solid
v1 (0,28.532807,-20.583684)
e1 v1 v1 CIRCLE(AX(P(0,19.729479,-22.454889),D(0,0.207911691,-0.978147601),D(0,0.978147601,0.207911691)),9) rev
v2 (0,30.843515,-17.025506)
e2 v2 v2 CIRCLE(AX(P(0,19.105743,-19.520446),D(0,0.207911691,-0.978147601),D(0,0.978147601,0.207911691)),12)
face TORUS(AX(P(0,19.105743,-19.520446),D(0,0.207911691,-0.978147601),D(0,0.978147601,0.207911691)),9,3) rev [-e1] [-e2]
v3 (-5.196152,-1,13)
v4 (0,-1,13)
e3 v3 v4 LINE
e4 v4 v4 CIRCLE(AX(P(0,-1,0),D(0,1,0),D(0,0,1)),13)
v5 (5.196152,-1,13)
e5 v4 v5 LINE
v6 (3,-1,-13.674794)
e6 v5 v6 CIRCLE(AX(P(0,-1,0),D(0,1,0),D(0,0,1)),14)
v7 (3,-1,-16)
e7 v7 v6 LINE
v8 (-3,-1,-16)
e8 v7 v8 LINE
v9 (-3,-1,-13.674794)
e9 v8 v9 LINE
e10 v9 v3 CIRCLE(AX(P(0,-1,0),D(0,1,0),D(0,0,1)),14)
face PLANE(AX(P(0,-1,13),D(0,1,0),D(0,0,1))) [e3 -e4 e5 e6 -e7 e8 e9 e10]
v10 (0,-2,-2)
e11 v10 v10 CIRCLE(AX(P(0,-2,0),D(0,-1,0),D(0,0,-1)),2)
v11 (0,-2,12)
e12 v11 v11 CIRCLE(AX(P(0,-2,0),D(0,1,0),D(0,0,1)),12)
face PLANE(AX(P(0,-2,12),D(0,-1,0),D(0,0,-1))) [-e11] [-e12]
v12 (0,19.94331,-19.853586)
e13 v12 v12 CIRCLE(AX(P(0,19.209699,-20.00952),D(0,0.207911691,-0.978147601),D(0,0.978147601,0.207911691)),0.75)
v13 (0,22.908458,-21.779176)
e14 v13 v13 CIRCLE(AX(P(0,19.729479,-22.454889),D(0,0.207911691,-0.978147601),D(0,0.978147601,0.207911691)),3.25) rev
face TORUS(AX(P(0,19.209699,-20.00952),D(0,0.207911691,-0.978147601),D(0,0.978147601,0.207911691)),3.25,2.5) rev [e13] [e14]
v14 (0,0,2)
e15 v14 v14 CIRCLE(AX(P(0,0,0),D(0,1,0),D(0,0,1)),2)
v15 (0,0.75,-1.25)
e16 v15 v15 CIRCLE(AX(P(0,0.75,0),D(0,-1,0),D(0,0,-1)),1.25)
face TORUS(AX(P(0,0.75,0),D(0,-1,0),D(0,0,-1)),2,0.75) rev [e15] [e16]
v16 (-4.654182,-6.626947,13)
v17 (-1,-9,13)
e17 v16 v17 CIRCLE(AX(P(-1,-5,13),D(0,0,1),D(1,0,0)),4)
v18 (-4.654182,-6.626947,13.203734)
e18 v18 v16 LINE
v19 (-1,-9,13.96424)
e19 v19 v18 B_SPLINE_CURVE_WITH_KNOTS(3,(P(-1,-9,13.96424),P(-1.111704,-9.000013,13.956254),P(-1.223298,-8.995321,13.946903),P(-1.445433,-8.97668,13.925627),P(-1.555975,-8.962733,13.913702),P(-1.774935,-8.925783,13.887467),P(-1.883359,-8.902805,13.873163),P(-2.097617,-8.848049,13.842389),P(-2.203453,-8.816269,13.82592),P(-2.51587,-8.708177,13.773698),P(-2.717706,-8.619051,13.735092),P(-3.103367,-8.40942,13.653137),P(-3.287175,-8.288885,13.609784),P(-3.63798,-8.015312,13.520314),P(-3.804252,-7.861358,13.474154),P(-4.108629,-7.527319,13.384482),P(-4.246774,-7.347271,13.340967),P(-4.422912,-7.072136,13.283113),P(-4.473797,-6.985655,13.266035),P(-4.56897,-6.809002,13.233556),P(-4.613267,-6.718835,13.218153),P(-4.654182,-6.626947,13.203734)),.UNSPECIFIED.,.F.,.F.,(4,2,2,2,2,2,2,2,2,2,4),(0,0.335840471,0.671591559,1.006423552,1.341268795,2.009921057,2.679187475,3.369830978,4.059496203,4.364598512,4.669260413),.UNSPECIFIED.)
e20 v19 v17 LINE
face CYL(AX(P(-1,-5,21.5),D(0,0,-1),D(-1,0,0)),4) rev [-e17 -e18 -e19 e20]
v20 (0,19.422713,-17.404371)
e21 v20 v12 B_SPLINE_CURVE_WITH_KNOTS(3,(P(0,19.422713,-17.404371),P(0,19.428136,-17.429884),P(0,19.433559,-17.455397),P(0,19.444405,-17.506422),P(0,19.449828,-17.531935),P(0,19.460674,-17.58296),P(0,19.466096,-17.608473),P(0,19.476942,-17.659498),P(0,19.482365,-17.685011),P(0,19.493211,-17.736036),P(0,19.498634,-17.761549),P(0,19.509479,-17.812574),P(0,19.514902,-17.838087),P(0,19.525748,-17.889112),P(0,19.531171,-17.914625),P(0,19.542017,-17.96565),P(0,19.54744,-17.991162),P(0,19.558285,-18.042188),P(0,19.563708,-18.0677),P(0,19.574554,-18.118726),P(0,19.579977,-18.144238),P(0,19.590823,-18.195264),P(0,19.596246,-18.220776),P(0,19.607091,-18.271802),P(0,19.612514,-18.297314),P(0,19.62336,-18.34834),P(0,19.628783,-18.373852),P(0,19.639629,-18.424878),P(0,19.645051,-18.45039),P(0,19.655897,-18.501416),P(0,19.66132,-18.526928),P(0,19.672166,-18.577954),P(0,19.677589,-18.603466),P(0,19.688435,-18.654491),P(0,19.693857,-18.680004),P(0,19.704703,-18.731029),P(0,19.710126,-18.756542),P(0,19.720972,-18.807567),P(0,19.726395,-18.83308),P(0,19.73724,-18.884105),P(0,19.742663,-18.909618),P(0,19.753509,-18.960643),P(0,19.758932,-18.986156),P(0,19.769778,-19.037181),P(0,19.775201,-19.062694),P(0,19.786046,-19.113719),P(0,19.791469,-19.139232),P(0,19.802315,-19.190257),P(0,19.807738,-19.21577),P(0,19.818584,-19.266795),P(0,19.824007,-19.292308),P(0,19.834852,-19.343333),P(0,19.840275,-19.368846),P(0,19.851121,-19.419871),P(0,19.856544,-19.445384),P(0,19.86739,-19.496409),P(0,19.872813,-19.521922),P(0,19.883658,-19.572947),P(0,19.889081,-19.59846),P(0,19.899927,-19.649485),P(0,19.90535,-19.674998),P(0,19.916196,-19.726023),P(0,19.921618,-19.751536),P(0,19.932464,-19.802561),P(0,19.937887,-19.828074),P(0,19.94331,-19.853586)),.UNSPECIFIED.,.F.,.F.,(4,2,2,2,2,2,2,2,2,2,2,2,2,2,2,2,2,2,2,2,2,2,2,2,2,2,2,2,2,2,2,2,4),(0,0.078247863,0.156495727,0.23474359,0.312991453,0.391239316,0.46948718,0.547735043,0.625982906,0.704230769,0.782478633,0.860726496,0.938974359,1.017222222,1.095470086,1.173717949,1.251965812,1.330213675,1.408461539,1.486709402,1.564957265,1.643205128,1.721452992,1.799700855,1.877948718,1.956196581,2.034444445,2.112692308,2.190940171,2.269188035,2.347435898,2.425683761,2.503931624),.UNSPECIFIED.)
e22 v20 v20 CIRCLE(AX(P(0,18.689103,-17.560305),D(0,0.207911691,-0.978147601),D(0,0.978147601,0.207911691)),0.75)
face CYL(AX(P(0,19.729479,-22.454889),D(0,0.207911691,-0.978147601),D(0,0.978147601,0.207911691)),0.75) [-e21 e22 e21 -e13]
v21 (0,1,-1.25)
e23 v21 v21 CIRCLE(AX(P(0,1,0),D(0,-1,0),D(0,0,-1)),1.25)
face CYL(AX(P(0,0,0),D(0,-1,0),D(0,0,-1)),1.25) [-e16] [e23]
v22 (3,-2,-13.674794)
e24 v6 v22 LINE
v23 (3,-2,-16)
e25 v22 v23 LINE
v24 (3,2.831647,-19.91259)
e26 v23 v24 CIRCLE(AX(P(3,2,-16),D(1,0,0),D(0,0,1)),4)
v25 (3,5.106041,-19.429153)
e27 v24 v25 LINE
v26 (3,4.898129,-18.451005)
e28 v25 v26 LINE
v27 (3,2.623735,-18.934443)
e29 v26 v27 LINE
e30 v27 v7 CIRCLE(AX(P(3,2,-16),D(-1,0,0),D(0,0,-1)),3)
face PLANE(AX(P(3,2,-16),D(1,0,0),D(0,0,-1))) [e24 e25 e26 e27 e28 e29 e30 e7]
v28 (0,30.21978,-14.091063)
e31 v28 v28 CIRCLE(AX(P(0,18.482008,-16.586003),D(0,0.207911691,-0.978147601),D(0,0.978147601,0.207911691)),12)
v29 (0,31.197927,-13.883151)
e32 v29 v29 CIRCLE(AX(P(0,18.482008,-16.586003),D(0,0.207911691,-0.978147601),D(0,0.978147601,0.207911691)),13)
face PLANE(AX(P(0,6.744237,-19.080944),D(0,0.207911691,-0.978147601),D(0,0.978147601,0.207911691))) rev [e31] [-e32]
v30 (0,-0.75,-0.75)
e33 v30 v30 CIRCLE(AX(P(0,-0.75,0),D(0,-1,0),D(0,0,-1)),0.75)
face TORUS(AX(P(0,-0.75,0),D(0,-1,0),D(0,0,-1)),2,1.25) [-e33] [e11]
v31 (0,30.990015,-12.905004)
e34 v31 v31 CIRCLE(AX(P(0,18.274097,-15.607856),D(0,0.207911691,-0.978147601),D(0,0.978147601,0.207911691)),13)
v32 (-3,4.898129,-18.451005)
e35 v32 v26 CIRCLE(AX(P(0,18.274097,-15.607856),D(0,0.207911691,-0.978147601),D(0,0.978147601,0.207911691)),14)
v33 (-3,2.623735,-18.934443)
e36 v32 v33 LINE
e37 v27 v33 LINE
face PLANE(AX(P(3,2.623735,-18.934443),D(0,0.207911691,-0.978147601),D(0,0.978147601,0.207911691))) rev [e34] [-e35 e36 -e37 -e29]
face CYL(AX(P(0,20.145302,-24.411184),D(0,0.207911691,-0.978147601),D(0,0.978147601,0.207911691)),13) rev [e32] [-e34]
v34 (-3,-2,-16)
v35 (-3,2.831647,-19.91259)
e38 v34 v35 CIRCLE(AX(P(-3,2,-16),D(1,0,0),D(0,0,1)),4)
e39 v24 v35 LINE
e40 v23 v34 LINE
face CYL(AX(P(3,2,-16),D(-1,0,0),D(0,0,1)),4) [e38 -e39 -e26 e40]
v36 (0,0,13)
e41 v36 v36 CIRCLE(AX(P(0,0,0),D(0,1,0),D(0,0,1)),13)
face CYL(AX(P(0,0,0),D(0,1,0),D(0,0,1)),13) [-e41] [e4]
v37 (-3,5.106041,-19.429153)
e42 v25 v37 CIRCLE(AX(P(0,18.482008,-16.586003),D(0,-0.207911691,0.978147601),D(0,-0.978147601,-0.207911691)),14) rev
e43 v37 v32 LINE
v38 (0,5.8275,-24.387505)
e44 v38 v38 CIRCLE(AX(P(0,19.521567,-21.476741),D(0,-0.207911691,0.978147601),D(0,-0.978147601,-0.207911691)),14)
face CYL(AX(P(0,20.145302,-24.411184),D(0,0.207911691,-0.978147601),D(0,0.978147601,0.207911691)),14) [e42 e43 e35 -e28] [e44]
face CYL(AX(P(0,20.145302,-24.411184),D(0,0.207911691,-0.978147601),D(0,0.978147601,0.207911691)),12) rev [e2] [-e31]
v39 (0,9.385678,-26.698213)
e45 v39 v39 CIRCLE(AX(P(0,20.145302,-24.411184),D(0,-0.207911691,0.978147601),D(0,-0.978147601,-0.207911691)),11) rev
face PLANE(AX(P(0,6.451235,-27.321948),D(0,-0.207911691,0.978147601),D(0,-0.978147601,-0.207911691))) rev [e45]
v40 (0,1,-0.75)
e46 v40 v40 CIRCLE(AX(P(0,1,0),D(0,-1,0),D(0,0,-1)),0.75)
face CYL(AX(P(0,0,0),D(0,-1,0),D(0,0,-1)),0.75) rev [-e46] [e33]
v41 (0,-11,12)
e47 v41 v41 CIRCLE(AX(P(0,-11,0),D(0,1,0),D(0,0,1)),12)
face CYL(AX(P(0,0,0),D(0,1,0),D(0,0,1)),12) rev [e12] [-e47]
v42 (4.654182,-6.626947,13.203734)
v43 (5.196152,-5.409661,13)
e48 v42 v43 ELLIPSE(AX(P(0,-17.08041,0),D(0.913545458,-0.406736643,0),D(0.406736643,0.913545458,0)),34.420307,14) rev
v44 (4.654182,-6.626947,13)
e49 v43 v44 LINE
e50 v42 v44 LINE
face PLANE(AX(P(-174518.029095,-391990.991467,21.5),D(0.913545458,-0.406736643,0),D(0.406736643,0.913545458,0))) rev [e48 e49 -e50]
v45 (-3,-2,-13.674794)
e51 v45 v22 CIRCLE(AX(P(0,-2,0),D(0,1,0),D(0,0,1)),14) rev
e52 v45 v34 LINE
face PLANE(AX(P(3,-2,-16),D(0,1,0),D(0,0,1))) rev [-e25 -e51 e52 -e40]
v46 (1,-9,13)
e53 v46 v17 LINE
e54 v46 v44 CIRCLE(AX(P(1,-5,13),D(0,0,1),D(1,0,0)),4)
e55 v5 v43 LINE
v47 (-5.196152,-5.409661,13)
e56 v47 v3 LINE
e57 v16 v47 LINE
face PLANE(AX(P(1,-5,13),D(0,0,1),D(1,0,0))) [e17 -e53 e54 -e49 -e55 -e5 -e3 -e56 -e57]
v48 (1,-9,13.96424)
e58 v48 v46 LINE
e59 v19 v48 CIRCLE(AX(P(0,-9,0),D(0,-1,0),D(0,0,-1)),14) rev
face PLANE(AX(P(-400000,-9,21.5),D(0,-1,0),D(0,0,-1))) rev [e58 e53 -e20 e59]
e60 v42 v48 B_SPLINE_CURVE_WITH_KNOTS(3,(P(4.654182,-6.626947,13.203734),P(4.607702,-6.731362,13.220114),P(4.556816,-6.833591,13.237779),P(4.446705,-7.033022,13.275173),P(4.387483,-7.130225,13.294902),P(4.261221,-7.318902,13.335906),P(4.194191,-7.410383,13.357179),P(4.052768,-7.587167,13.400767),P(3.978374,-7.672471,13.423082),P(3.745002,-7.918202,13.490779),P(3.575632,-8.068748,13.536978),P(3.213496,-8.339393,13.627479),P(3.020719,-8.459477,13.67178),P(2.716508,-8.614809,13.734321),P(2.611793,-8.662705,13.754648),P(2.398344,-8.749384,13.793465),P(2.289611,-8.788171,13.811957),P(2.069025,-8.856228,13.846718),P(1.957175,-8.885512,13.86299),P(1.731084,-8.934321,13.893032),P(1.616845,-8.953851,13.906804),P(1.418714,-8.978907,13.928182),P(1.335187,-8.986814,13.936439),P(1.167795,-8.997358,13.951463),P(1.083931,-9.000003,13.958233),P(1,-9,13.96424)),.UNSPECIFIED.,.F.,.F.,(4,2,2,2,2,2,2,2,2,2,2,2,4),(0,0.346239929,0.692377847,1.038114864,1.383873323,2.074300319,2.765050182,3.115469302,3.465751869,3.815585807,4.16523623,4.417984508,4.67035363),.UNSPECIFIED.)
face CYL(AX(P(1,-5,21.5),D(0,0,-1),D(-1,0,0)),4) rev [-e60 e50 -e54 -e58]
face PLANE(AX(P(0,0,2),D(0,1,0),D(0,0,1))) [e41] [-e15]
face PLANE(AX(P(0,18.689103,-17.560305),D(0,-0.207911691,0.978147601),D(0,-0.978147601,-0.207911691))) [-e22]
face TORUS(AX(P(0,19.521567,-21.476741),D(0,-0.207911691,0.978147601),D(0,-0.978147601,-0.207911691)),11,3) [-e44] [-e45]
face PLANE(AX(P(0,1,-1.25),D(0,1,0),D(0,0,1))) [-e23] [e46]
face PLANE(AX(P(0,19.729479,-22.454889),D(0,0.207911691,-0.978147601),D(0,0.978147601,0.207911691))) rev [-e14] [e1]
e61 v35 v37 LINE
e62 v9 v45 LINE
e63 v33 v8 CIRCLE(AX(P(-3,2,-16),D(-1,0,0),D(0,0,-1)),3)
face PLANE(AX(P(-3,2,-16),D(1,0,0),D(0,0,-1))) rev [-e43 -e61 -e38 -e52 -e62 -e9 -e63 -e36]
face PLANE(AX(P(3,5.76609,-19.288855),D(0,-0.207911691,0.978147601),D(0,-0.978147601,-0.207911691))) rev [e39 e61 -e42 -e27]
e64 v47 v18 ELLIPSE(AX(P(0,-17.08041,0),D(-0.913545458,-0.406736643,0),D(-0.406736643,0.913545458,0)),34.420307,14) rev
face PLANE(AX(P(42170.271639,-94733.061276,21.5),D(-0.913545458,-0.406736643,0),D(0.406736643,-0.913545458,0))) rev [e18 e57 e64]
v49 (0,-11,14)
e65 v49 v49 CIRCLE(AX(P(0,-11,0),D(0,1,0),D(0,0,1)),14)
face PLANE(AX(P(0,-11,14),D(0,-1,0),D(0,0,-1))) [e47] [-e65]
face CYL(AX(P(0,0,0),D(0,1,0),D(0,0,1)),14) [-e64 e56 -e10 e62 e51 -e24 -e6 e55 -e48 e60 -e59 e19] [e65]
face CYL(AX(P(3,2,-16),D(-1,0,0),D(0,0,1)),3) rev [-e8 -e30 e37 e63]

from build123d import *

# Parameters (mm, degrees)
CUT_EXTRUDE1_DEPTH  = 8.5
BOSS_EXTRUDE1_DEPTH = 3
FILLET1_R           = 3


with BuildPart() as part:
    # Sketch1 → Revolve1 (revolve)
    with BuildSketch(Plane(origin=(0, 0, 0), x_dir=(0, 0, -1), z_dir=(1, 0, 0))):
        Polygon((-2, 0), (-13, 0), (-13, -1), (-14, -1), (-14, -11), (-12, -11), (-12, -2), (-2, -2), align=None)
    revolve(axis=Axis((0, 0, 0), (0, -1, 0)))

    # Sketch3 → Cut-Extrude1 (cut)
    with BuildSketch(Plane.XY.offset(13)):
        with BuildLine():
            Line((1, -9), (-1, -9))
            ThreePointArc((-1, -9), (-3.17855614, -8.354682272), (-4.654181831, -6.626946572))
            Line((-4.654181831, -6.626946572), (-7.159459855, -1))
            Line((-7.159459855, -1), (7.159459855, -1))
            Line((7.159459855, -1), (4.654181831, -6.626946572))
            ThreePointArc((4.654181831, -6.626946572), (3.17855614, -8.354682272), (1, -9))
        make_face()
    extrude(amount=CUT_EXTRUDE1_DEPTH, mode=Mode.SUBTRACT)

    # Sketch4 → Boss-Extrude1 (add, symmetric)
    with BuildSketch(Plane(origin=(0, 0, 0), x_dir=(0, 0, -1), z_dir=(1, 0, 0))):
        with BuildLine():
            Line((13, -1), (16, -1))
            ThreePointArc((16, -1), (18.331437884, 0.112038827), (18.934442802, 2.623735072))
            Line((18.934442802, 2.623735072), (18.31070773, 5.558177875))
            Line((18.31070773, 5.558177875), (19.28885533, 5.766089565))
            Line((19.28885533, 5.766089565), (19.912590403, 2.831646763))
            ThreePointArc((19.912590403, 2.831646763), (19.108583846, -0.517281564), (16, -2))
            Line((16, -2), (13, -2))
            Line((13, -2), (13, -1))
        make_face()
    extrude(amount=BOSS_EXTRUDE1_DEPTH, both=True)

    # Sketch5 → Revolve2 (revolve)
    with BuildSketch(Plane(origin=(0, 0, 0), x_dir=(0, 0, -1), z_dir=(1, 0, 0)), mode=Mode.PRIVATE) as revolve2_sk:
        Polygon((18.518619421, 4.580030274), (27.321947827, 6.451235491), (24.411184156, 20.145301902), (22.454888954, 19.72947852), (24.949829244, 7.991707311), (19.08094364, 6.744237166), (19.28885533, 5.766089565), (18.31070773, 5.558177875), align=None)
    revolve(revolve2_sk.sketch.rotate(Axis((0, 20.145301902, -24.411184156), (0, -0.20791169081776387, 0.9781476007338047)), 180), axis=Axis((0, 20.145301902, -24.411184156), (0, -0.20791169081776387, 0.9781476007338047)))

    # Fillet1
    fillet1_edges = [part.edges().sort_by_distance(p)[0] for p in [
        (0, 6.451235491, -27.321947827),
        (0, 7.991707311, -24.949829244),
    ]]
    fillet(fillet1_edges, radius=FILLET1_R)

    # Sketch6 → Revolve3 (revolve)
    with BuildSketch(Plane(origin=(0, 0, 0), x_dir=(0, 0, -1), z_dir=(1, 0, 0))):
        with BuildLine():
            Line((0.75, 1), (0.75, -0.75))
            ThreePointArc((0.75, -0.75), (1.116116524, -1.633883476), (2, -2))
            Line((2, -2), (2, 0))
            ThreePointArc((2, 0), (1.469669914, 0.219669914), (1.25, 0.75))
            Line((1.25, 0.75), (1.25, 1))
            Line((1.25, 1), (0.75, 1))
        make_face()
    revolve(axis=Axis((0, 0, 0), (0, 1, 0)))

    # Sketch7 → Revolve4 (revolve)
    with BuildSketch(Plane(origin=(0, 0, 0), x_dir=(0, 0, -1), z_dir=(1, 0, 0)), mode=Mode.PRIVATE) as revolve4_sk:
        with BuildLine():
            Line((22.454888954, 19.72947852), (17.560305242, 18.689102635))
            Line((17.560305242, 18.689102635), (17.404371474, 19.422713336))
            Line((17.404371474, 19.422713336), (19.853586184, 19.943309993))
            ThreePointArc((19.853586184, 19.943309993), (21.430483377, 21.027081408), (21.779175959, 22.908458222))
            Line((21.779175959, 22.908458222), (22.454888954, 19.72947852))
        make_face()
    revolve(revolve4_sk.sketch.rotate(Axis((0, 19.72947852, -22.454888954), (0, -0.20791169081776406, 0.9781476007338047)), 192.373625116), axis=Axis((0, 19.72947852, -22.454888954), (0, -0.20791169081776406, 0.9781476007338047)))


solid = part.part
